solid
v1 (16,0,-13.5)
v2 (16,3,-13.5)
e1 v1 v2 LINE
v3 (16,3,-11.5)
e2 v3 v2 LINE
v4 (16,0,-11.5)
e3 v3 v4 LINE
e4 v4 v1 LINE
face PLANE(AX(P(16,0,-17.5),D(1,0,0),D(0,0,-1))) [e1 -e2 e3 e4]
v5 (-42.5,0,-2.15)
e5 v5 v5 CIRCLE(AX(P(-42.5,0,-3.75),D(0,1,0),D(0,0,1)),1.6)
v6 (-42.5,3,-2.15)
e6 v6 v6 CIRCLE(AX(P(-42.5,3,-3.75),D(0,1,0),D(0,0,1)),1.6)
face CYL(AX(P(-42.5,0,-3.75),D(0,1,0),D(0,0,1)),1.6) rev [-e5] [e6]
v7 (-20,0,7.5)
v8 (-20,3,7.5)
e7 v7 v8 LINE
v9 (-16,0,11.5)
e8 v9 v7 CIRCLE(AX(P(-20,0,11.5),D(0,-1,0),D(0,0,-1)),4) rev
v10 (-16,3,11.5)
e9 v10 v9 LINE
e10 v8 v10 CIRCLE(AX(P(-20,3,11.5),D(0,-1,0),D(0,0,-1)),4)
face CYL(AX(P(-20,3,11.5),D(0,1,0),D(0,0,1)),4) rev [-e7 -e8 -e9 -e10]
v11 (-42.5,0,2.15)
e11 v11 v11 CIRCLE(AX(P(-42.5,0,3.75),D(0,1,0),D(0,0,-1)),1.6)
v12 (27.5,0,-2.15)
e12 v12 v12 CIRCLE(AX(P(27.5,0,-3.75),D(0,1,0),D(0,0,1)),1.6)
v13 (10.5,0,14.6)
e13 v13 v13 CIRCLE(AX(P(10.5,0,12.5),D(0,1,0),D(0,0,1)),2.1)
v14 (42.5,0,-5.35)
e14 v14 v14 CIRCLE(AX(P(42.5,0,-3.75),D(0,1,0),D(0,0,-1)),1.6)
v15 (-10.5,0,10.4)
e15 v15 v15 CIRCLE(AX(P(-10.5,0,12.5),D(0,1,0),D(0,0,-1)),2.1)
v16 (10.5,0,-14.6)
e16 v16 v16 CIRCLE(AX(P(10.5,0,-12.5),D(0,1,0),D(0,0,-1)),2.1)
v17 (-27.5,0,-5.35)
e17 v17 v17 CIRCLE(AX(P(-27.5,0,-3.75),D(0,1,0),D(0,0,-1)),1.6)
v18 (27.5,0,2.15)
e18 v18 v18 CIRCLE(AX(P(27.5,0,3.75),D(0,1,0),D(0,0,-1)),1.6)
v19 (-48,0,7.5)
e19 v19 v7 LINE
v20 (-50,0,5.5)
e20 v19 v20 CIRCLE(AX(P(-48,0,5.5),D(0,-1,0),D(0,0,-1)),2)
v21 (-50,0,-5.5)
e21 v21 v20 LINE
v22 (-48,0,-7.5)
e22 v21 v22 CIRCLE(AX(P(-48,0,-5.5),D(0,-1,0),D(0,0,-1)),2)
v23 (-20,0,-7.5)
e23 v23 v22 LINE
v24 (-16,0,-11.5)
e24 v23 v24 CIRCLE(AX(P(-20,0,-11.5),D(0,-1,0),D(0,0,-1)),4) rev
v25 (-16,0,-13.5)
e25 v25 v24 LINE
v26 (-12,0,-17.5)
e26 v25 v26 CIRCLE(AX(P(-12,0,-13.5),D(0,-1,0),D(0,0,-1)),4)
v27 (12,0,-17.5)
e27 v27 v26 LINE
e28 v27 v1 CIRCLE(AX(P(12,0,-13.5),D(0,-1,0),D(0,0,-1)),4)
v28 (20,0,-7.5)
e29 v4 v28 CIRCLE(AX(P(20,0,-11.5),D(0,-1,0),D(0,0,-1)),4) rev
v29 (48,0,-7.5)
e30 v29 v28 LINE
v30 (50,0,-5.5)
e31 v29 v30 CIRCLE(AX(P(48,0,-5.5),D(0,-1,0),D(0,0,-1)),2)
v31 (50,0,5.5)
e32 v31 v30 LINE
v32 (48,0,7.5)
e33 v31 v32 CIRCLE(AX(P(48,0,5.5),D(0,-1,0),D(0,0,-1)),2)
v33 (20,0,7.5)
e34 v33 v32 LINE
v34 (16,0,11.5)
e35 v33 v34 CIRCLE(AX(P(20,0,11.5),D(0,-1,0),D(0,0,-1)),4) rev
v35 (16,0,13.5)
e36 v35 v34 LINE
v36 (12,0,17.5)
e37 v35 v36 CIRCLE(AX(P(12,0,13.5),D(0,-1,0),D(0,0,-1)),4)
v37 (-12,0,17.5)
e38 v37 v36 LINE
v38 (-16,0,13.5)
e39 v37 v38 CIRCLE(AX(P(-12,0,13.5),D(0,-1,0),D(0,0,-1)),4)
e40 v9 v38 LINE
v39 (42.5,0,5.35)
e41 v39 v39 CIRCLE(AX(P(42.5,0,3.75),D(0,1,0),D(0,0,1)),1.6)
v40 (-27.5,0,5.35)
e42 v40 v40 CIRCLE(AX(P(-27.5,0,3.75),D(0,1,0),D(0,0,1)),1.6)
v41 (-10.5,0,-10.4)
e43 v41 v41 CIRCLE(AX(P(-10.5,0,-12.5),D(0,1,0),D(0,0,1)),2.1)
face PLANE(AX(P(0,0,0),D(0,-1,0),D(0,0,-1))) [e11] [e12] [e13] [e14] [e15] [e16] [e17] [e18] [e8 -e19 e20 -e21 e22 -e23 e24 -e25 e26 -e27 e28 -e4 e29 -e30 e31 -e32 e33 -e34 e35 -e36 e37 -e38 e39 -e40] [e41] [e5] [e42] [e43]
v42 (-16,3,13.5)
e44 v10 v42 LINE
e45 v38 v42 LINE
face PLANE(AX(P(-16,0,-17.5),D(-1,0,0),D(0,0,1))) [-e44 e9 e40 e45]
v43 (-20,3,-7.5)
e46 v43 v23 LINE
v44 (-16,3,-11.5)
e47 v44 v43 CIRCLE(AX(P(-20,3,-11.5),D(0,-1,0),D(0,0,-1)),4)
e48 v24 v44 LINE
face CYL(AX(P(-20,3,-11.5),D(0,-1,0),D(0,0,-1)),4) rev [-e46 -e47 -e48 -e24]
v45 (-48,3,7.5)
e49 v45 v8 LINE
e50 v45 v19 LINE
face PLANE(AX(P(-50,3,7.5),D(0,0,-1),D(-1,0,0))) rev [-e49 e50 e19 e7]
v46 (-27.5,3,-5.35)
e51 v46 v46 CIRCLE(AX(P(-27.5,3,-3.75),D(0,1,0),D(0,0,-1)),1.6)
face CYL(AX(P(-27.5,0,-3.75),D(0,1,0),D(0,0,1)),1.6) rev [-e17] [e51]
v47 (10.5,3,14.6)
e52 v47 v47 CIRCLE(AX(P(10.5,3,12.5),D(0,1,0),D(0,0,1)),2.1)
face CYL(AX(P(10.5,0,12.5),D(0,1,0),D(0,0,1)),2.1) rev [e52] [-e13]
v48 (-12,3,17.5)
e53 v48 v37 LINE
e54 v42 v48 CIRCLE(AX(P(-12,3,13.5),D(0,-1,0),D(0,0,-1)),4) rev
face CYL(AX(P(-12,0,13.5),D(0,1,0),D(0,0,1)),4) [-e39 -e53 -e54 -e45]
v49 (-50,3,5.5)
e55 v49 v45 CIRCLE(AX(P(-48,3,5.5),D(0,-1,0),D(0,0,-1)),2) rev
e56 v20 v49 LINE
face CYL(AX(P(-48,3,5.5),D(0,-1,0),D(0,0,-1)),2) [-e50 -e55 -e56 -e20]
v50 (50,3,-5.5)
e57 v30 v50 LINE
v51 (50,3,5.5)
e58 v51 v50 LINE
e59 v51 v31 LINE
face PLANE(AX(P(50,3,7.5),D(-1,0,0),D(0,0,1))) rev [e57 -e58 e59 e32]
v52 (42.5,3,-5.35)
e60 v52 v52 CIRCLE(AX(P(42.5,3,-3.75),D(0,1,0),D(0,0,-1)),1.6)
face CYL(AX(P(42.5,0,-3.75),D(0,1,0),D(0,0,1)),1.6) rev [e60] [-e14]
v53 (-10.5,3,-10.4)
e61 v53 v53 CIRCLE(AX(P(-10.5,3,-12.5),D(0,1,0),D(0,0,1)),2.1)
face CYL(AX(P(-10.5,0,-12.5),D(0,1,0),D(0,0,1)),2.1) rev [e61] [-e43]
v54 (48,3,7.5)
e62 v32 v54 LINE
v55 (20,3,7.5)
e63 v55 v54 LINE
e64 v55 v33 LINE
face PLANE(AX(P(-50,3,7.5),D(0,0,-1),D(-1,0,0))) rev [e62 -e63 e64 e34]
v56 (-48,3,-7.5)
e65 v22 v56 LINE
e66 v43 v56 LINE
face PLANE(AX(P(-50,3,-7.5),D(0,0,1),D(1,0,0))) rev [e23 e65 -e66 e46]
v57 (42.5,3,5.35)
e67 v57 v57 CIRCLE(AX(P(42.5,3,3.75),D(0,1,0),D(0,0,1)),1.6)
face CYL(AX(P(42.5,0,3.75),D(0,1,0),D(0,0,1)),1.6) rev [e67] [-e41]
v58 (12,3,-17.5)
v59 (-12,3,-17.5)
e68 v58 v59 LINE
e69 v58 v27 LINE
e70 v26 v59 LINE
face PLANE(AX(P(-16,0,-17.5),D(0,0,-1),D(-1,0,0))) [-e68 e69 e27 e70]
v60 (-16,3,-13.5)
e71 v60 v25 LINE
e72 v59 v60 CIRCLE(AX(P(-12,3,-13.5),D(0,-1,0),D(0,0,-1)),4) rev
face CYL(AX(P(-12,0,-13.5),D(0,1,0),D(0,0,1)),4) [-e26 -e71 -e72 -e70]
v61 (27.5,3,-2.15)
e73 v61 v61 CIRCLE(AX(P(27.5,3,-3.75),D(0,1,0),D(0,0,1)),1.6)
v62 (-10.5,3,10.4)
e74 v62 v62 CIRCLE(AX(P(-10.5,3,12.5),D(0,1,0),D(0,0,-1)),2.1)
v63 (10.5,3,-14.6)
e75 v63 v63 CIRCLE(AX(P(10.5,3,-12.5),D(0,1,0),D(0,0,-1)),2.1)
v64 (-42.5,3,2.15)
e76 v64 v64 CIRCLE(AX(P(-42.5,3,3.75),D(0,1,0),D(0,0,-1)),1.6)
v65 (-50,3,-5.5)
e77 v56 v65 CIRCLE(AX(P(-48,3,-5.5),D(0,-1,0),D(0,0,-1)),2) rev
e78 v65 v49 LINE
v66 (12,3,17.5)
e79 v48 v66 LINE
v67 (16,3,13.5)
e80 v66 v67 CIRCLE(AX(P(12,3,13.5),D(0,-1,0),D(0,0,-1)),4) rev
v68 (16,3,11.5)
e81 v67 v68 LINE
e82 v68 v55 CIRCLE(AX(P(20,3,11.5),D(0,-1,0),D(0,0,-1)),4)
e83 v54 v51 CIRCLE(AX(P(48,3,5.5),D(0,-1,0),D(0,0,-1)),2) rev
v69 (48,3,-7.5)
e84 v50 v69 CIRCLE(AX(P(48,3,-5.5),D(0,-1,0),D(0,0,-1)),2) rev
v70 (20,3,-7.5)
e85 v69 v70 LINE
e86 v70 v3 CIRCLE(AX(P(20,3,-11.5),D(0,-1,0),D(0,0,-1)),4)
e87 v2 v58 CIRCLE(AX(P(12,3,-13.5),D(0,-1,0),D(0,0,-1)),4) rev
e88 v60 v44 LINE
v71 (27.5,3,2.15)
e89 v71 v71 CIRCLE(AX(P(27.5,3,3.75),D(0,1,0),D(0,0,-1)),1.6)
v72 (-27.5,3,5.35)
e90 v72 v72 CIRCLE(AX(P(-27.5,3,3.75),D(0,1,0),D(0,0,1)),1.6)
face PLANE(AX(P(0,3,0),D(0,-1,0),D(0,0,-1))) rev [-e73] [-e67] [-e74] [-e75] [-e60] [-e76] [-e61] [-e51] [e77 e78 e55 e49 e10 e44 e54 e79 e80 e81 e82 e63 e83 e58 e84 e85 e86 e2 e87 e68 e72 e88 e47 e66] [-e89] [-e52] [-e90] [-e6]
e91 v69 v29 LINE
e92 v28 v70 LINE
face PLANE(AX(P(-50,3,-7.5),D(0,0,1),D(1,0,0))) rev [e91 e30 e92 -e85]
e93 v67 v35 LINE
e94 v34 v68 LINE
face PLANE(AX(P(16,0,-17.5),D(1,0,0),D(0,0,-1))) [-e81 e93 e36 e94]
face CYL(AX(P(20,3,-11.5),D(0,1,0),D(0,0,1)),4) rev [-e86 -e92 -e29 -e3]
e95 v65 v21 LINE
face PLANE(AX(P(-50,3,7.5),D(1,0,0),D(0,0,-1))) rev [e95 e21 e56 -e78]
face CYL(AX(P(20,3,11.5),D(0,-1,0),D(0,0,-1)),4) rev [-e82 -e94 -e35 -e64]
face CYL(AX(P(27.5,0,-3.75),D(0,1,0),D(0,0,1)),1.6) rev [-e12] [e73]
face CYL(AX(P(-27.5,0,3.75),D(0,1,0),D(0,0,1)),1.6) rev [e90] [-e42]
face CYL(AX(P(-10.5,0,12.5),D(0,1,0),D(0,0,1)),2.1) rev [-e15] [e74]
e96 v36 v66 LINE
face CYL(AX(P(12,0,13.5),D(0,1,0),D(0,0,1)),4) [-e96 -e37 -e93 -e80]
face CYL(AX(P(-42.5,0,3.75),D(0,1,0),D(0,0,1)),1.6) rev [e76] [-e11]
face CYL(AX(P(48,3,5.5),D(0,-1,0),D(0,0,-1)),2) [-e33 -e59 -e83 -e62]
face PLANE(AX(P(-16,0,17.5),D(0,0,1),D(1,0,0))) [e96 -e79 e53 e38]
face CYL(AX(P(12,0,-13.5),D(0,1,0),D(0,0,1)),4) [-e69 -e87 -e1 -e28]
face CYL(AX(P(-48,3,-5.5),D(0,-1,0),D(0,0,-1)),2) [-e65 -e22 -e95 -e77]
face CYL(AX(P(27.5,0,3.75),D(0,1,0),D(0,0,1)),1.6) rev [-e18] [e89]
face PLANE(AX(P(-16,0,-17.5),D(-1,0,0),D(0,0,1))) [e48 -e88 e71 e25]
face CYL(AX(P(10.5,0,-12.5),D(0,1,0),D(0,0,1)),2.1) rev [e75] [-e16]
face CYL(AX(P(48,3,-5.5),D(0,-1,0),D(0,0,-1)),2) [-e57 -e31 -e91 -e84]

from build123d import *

# Parameters (mm, degrees)
SKETCH_1_W          = 100
SKETCH_1_H          = 15
EXTRUDE_1_DEPTH     = 3
SKETCH_2_W          = 32
SKETCH_2_H          = 35
EXTRUDE_2_DEPTH     = 3
SKETCH_3_R          = 1.6
CUT_EXTRUDE_1_DEPTH = 54.058929503
SKETCH_4_R          = 2.1
CUT_EXTRUDE_2_DEPTH = 54.058929503
FILLET_1_R          = 4
FILLET_2_R          = 2


with BuildPart() as part:
    # 草图1 → 凸台-拉伸1 (new body)
    with BuildSketch(Plane(origin=(0, 0, 0), x_dir=(1, 0, 0), z_dir=(0, 1, 0))):
        Rectangle(SKETCH_1_W, SKETCH_1_H)
    extrude(amount=EXTRUDE_1_DEPTH)

    # 草图2 → 凸台-拉伸2 (add)
    with BuildSketch(Plane(origin=(0, 3, 0), x_dir=(1, 0, 0), z_dir=(0, 1, 0))):
        Rectangle(SKETCH_2_W, SKETCH_2_H)
    extrude(amount=-EXTRUDE_2_DEPTH)

    # 草图3 → 切除-拉伸1 (cut, through all)
    with BuildSketch(Plane(origin=(0, 3, 0), x_dir=(1, 0, 0), z_dir=(0, 1, 0))):
        with Locations(Location((-42.5, 3.75, 0), (0, 0, 270))):
            Circle(SKETCH_3_R)
        with Locations(Location((-42.5, -3.75, 0), (0, 0, 90))):
            Circle(SKETCH_3_R)
        with Locations(Location((-27.5, -3.75, 0), (0, 0, 270))):
            Circle(SKETCH_3_R)
        with Locations(Location((-27.5, 3.75, 0), (0, 0, 90))):
            Circle(SKETCH_3_R)
        with Locations(Location((42.5, -3.75, 0), (0, 0, 270))):
            Circle(SKETCH_3_R)
        with Locations(Location((42.5, 3.75, 0), (0, 0, 90))):
            Circle(SKETCH_3_R)
        with Locations(Location((27.5, -3.75, 0), (0, 0, 90))):
            Circle(SKETCH_3_R)
        with Locations(Location((27.5, 3.75, 0), (0, 0, 270))):
            Circle(SKETCH_3_R)
    extrude(amount=-CUT_EXTRUDE_1_DEPTH, mode=Mode.SUBTRACT)

    # 草图4 → 切除-拉伸2 (cut, through all)
    with BuildSketch(Plane(origin=(0, 3, 0), x_dir=(1, 0, 0), z_dir=(0, 1, 0))):
        with Locations(Location((-10.5, 12.5, 0), (0, 0, 270))):
            Circle(SKETCH_4_R)
        with Locations(Location((-10.5, -12.5, 0), (0, 0, 90))):
            Circle(SKETCH_4_R)
        with Locations(Location((10.5, -12.5, 0), (0, 0, 270))):
            Circle(SKETCH_4_R)
        with Locations(Location((10.5, 12.5, 0), (0, 0, 90))):
            Circle(SKETCH_4_R)
    extrude(amount=-CUT_EXTRUDE_2_DEPTH, mode=Mode.SUBTRACT)

    # 圆角1
    fillet_1_edges = [part.edges().sort_by_distance(p)[0] for p in [
        (-16, 1.5, 17.5),
        (16, 1.5, -17.5),
        (-16, 1.5, -7.5),
        (-16, 1.5, 7.5),
        (-16, 1.5, -17.5),
        (16, 1.5, -7.5),
        (16, 1.5, 7.5),
        (16, 1.5, 17.5),
    ]]
    fillet(fillet_1_edges, radius=FILLET_1_R)

    # 圆角2
    fillet_2_edges = [part.edges().sort_by_distance(p)[0] for p in [
        (50, 1.5, 7.5),
        (-50, 1.5, 7.5),
        (-50, 1.5, -7.5),
        (50, 1.5, -7.5),
    ]]
    fillet(fillet_2_edges, radius=FILLET_2_R)


solid = part.part
